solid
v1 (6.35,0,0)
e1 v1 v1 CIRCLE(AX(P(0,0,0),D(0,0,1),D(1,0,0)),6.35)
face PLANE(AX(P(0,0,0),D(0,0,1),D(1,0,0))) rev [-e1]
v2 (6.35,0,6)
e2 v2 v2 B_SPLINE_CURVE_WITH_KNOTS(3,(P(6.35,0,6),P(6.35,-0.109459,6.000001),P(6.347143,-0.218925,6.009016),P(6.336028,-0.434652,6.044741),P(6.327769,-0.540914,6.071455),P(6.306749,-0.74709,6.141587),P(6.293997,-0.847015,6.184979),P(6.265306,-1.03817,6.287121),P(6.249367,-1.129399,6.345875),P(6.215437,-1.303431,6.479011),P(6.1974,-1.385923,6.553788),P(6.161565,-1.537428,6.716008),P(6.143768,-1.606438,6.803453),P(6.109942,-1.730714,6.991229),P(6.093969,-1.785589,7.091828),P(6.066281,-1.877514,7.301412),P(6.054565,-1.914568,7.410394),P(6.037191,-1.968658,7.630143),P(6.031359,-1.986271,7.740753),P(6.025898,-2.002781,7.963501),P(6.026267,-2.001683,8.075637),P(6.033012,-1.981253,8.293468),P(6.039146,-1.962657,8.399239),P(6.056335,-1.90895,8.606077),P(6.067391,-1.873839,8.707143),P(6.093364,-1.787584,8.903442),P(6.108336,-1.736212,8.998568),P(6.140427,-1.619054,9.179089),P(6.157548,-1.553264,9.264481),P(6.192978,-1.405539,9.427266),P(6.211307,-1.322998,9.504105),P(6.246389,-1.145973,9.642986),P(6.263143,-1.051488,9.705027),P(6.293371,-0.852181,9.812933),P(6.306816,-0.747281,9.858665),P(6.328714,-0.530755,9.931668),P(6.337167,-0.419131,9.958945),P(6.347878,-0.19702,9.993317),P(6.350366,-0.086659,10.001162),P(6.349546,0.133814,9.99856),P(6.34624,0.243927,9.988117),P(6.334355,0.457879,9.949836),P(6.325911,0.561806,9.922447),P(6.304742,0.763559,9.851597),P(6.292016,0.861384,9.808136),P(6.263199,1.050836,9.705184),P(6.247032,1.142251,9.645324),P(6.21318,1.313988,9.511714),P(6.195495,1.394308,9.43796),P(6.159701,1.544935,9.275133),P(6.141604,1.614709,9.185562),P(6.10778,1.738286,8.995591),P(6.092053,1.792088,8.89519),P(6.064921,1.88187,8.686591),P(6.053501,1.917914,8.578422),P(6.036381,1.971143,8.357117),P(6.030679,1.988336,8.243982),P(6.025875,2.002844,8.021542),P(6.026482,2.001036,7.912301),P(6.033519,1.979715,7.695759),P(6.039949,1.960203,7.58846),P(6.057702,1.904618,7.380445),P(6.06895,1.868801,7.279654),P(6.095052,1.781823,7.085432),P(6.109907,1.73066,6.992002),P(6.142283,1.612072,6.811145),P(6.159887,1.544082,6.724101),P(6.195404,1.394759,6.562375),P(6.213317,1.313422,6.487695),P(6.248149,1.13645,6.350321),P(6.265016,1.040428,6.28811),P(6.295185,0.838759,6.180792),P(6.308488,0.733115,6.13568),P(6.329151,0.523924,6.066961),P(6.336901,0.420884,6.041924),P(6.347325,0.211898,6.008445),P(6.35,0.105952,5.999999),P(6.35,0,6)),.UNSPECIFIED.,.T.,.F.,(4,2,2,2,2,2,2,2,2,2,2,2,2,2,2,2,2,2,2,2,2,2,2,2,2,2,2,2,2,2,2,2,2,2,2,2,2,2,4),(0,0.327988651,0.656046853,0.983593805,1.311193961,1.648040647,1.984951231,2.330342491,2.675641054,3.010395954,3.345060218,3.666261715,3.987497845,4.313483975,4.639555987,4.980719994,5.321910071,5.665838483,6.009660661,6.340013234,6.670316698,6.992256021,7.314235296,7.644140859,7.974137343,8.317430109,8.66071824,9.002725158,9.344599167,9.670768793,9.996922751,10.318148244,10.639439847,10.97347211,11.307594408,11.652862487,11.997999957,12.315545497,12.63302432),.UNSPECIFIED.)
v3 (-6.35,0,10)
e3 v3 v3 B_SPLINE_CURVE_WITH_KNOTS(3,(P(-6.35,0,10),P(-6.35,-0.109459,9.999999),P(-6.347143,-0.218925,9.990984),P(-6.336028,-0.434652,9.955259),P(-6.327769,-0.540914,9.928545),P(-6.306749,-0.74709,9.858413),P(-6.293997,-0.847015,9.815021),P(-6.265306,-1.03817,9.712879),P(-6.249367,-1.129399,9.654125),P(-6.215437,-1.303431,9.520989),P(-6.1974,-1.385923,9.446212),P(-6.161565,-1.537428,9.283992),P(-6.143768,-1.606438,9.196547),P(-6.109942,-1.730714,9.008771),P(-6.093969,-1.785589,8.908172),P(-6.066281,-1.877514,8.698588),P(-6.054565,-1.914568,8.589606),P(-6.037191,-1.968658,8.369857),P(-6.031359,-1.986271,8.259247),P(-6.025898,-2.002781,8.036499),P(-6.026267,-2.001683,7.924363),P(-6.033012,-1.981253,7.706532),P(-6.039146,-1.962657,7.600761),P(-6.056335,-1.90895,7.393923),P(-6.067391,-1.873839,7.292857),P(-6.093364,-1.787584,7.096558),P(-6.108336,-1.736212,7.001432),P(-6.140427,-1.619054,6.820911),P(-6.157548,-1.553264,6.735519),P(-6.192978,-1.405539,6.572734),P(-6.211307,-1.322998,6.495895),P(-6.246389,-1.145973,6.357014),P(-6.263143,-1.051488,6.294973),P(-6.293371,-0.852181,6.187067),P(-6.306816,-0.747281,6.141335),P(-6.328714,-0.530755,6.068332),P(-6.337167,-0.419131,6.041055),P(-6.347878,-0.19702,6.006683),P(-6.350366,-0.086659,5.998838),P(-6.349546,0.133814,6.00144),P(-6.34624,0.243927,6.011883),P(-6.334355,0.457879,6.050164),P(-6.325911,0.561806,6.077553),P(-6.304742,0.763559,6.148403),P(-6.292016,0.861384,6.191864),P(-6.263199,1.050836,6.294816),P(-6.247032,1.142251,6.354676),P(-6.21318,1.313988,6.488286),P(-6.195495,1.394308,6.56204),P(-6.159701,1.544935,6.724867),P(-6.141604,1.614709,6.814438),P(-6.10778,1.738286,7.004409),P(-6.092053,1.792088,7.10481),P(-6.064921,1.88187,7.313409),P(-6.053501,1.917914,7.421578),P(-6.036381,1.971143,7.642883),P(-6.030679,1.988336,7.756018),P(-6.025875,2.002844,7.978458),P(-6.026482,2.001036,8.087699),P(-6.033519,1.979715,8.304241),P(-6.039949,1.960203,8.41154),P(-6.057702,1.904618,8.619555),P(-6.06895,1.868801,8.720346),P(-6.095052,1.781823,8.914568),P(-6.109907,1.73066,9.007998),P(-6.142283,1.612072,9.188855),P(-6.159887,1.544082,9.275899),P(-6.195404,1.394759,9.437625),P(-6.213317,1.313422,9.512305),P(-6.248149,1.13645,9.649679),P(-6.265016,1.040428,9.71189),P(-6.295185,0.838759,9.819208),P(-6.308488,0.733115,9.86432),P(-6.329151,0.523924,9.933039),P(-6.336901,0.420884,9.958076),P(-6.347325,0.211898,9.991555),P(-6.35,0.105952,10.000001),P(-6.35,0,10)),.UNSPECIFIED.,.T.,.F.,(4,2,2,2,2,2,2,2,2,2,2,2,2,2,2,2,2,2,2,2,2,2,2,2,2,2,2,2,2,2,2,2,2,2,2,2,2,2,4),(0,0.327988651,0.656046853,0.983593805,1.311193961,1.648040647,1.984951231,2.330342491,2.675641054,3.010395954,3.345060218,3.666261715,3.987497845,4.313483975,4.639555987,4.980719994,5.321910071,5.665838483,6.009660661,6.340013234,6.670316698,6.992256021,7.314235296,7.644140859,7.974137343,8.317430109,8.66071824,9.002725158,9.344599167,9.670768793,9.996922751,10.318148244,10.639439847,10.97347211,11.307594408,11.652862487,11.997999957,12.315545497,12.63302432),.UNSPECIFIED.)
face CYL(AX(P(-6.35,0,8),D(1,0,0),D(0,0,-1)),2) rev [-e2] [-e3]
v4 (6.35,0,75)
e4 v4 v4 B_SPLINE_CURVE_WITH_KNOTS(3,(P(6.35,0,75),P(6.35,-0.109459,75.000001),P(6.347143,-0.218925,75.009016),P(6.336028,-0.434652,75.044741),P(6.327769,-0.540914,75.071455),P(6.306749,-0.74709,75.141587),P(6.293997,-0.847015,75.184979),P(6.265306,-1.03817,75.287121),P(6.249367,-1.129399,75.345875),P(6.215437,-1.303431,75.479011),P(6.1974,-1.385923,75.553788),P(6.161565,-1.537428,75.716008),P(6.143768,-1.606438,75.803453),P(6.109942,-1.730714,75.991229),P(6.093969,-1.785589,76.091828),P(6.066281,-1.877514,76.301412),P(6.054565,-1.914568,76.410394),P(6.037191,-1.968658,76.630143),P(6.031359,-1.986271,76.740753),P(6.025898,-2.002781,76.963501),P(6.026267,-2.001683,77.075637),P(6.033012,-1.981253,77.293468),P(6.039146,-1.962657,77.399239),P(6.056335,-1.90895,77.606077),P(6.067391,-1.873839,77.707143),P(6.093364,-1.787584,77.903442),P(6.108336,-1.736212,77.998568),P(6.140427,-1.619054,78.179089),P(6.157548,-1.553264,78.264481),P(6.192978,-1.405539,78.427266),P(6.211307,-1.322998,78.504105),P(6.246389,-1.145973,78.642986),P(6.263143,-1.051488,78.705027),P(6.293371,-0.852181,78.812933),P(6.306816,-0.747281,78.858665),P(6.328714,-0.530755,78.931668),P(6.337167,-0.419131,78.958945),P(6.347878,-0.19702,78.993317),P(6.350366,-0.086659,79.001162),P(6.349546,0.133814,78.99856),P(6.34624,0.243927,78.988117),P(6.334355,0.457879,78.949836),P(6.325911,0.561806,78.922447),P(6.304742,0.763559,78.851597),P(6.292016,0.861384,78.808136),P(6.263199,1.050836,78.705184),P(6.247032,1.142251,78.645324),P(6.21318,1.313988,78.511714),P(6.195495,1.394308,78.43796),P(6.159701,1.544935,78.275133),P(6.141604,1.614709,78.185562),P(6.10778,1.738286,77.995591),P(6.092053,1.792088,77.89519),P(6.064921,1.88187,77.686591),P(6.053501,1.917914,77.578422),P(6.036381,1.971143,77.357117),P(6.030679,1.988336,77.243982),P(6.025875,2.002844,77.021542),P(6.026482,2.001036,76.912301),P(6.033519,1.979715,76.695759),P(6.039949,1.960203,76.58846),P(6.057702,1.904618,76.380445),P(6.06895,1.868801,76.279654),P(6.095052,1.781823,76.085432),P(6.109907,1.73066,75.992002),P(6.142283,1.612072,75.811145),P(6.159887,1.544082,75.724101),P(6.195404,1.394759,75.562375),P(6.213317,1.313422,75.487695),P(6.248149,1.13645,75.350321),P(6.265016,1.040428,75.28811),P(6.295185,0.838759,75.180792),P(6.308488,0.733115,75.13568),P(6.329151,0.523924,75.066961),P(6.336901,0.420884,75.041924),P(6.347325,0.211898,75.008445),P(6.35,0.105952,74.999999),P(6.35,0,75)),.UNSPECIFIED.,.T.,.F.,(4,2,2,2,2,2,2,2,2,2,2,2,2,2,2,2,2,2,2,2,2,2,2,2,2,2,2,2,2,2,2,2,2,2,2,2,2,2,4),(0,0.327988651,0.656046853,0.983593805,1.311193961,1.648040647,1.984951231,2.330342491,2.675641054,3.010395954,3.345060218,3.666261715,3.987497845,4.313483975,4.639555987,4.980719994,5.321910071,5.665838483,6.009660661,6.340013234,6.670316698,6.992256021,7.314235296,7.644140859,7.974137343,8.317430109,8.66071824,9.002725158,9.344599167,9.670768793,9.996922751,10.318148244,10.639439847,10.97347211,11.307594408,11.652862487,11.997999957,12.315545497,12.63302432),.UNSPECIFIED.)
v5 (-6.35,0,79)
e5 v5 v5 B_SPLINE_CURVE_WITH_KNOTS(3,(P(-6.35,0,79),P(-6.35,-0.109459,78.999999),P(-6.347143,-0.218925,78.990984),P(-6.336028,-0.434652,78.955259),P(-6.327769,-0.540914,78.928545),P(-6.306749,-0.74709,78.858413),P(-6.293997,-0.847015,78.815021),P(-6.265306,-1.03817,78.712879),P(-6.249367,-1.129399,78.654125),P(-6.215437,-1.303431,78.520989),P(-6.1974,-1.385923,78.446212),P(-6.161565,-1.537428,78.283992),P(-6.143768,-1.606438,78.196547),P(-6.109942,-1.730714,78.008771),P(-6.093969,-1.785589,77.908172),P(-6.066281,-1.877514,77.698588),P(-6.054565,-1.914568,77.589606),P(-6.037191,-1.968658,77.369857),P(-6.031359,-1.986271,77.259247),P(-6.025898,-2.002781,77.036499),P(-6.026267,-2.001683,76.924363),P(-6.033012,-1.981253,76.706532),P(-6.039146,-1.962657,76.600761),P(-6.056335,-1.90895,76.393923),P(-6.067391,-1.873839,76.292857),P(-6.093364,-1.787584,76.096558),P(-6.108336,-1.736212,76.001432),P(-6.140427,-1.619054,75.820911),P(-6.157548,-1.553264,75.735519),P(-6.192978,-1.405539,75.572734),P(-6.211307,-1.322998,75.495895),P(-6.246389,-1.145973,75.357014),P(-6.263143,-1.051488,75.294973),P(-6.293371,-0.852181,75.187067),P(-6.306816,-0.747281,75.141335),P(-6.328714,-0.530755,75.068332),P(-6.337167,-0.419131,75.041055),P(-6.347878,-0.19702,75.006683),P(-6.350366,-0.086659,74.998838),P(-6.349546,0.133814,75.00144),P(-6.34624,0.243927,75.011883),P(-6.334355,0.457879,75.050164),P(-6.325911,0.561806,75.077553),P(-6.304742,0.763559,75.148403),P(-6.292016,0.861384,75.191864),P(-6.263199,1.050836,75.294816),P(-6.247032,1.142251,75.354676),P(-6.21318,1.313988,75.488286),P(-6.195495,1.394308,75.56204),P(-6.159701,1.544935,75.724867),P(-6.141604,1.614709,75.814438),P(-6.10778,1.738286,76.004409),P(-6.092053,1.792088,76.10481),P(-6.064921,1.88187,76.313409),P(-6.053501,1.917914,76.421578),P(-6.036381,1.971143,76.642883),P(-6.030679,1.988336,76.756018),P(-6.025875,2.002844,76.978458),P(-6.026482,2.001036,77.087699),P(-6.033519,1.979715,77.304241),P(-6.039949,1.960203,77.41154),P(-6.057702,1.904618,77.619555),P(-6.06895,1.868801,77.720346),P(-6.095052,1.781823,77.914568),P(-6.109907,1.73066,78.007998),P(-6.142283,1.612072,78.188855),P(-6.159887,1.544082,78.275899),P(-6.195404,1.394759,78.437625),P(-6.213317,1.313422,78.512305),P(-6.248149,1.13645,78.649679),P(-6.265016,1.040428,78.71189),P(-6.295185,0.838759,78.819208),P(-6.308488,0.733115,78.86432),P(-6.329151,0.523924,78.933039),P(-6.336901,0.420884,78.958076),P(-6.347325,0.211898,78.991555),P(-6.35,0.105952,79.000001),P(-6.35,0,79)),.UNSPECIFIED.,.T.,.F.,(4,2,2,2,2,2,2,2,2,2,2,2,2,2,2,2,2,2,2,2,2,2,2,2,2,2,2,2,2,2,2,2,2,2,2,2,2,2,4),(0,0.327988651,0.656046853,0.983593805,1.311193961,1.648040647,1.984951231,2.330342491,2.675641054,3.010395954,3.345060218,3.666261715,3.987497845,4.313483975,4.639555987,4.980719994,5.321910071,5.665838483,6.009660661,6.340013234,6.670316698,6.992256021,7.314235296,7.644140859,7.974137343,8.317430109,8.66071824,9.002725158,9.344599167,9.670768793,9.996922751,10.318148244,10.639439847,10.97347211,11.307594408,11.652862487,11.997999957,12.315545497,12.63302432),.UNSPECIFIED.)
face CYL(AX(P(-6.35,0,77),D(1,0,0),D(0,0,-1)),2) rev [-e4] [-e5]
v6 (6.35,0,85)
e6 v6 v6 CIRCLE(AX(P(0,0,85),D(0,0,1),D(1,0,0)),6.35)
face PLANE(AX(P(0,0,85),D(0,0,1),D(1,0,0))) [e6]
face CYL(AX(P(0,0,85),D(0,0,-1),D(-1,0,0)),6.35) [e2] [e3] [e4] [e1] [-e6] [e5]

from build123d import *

# Parameters (mm, degrees)
CROQUIS1_R                 = 6.35
SALIENTE_EXTRUIR1_DEPTH    = 85
CORTAR_EXTRUIR1_DEPTH      = 86.473065933
CORTAR_EXTRUIR1_DEPTH_BACK = 86.473065933
CROQUIS2_R                 = 2


with BuildPart() as part:
    # Croquis1 → Saliente-Extruir1 (new body)
    with BuildSketch(Plane.XY):
        Circle(CROQUIS1_R)
    extrude(amount=SALIENTE_EXTRUIR1_DEPTH)

    # Croquis2 → Cortar-Extruir1 (cut, two sides: drawn at the far end of the back side and taken through both)
    with BuildSketch(Plane(origin=(0, 0, 0), x_dir=(0, 0, -1), z_dir=(1, 0, 0)).offset(-CORTAR_EXTRUIR1_DEPTH_BACK)):
        with Locations(Location((-8, 0, 0), (0, 0, 179.999999999))):
            Circle(CROQUIS2_R)
        with Locations(Location((-77, 0, 0), (0, 0, 179.999999999))):
            Circle(CROQUIS2_R)
    extrude(amount=CORTAR_EXTRUIR1_DEPTH + CORTAR_EXTRUIR1_DEPTH_BACK, mode=Mode.SUBTRACT)


solid = part.part
